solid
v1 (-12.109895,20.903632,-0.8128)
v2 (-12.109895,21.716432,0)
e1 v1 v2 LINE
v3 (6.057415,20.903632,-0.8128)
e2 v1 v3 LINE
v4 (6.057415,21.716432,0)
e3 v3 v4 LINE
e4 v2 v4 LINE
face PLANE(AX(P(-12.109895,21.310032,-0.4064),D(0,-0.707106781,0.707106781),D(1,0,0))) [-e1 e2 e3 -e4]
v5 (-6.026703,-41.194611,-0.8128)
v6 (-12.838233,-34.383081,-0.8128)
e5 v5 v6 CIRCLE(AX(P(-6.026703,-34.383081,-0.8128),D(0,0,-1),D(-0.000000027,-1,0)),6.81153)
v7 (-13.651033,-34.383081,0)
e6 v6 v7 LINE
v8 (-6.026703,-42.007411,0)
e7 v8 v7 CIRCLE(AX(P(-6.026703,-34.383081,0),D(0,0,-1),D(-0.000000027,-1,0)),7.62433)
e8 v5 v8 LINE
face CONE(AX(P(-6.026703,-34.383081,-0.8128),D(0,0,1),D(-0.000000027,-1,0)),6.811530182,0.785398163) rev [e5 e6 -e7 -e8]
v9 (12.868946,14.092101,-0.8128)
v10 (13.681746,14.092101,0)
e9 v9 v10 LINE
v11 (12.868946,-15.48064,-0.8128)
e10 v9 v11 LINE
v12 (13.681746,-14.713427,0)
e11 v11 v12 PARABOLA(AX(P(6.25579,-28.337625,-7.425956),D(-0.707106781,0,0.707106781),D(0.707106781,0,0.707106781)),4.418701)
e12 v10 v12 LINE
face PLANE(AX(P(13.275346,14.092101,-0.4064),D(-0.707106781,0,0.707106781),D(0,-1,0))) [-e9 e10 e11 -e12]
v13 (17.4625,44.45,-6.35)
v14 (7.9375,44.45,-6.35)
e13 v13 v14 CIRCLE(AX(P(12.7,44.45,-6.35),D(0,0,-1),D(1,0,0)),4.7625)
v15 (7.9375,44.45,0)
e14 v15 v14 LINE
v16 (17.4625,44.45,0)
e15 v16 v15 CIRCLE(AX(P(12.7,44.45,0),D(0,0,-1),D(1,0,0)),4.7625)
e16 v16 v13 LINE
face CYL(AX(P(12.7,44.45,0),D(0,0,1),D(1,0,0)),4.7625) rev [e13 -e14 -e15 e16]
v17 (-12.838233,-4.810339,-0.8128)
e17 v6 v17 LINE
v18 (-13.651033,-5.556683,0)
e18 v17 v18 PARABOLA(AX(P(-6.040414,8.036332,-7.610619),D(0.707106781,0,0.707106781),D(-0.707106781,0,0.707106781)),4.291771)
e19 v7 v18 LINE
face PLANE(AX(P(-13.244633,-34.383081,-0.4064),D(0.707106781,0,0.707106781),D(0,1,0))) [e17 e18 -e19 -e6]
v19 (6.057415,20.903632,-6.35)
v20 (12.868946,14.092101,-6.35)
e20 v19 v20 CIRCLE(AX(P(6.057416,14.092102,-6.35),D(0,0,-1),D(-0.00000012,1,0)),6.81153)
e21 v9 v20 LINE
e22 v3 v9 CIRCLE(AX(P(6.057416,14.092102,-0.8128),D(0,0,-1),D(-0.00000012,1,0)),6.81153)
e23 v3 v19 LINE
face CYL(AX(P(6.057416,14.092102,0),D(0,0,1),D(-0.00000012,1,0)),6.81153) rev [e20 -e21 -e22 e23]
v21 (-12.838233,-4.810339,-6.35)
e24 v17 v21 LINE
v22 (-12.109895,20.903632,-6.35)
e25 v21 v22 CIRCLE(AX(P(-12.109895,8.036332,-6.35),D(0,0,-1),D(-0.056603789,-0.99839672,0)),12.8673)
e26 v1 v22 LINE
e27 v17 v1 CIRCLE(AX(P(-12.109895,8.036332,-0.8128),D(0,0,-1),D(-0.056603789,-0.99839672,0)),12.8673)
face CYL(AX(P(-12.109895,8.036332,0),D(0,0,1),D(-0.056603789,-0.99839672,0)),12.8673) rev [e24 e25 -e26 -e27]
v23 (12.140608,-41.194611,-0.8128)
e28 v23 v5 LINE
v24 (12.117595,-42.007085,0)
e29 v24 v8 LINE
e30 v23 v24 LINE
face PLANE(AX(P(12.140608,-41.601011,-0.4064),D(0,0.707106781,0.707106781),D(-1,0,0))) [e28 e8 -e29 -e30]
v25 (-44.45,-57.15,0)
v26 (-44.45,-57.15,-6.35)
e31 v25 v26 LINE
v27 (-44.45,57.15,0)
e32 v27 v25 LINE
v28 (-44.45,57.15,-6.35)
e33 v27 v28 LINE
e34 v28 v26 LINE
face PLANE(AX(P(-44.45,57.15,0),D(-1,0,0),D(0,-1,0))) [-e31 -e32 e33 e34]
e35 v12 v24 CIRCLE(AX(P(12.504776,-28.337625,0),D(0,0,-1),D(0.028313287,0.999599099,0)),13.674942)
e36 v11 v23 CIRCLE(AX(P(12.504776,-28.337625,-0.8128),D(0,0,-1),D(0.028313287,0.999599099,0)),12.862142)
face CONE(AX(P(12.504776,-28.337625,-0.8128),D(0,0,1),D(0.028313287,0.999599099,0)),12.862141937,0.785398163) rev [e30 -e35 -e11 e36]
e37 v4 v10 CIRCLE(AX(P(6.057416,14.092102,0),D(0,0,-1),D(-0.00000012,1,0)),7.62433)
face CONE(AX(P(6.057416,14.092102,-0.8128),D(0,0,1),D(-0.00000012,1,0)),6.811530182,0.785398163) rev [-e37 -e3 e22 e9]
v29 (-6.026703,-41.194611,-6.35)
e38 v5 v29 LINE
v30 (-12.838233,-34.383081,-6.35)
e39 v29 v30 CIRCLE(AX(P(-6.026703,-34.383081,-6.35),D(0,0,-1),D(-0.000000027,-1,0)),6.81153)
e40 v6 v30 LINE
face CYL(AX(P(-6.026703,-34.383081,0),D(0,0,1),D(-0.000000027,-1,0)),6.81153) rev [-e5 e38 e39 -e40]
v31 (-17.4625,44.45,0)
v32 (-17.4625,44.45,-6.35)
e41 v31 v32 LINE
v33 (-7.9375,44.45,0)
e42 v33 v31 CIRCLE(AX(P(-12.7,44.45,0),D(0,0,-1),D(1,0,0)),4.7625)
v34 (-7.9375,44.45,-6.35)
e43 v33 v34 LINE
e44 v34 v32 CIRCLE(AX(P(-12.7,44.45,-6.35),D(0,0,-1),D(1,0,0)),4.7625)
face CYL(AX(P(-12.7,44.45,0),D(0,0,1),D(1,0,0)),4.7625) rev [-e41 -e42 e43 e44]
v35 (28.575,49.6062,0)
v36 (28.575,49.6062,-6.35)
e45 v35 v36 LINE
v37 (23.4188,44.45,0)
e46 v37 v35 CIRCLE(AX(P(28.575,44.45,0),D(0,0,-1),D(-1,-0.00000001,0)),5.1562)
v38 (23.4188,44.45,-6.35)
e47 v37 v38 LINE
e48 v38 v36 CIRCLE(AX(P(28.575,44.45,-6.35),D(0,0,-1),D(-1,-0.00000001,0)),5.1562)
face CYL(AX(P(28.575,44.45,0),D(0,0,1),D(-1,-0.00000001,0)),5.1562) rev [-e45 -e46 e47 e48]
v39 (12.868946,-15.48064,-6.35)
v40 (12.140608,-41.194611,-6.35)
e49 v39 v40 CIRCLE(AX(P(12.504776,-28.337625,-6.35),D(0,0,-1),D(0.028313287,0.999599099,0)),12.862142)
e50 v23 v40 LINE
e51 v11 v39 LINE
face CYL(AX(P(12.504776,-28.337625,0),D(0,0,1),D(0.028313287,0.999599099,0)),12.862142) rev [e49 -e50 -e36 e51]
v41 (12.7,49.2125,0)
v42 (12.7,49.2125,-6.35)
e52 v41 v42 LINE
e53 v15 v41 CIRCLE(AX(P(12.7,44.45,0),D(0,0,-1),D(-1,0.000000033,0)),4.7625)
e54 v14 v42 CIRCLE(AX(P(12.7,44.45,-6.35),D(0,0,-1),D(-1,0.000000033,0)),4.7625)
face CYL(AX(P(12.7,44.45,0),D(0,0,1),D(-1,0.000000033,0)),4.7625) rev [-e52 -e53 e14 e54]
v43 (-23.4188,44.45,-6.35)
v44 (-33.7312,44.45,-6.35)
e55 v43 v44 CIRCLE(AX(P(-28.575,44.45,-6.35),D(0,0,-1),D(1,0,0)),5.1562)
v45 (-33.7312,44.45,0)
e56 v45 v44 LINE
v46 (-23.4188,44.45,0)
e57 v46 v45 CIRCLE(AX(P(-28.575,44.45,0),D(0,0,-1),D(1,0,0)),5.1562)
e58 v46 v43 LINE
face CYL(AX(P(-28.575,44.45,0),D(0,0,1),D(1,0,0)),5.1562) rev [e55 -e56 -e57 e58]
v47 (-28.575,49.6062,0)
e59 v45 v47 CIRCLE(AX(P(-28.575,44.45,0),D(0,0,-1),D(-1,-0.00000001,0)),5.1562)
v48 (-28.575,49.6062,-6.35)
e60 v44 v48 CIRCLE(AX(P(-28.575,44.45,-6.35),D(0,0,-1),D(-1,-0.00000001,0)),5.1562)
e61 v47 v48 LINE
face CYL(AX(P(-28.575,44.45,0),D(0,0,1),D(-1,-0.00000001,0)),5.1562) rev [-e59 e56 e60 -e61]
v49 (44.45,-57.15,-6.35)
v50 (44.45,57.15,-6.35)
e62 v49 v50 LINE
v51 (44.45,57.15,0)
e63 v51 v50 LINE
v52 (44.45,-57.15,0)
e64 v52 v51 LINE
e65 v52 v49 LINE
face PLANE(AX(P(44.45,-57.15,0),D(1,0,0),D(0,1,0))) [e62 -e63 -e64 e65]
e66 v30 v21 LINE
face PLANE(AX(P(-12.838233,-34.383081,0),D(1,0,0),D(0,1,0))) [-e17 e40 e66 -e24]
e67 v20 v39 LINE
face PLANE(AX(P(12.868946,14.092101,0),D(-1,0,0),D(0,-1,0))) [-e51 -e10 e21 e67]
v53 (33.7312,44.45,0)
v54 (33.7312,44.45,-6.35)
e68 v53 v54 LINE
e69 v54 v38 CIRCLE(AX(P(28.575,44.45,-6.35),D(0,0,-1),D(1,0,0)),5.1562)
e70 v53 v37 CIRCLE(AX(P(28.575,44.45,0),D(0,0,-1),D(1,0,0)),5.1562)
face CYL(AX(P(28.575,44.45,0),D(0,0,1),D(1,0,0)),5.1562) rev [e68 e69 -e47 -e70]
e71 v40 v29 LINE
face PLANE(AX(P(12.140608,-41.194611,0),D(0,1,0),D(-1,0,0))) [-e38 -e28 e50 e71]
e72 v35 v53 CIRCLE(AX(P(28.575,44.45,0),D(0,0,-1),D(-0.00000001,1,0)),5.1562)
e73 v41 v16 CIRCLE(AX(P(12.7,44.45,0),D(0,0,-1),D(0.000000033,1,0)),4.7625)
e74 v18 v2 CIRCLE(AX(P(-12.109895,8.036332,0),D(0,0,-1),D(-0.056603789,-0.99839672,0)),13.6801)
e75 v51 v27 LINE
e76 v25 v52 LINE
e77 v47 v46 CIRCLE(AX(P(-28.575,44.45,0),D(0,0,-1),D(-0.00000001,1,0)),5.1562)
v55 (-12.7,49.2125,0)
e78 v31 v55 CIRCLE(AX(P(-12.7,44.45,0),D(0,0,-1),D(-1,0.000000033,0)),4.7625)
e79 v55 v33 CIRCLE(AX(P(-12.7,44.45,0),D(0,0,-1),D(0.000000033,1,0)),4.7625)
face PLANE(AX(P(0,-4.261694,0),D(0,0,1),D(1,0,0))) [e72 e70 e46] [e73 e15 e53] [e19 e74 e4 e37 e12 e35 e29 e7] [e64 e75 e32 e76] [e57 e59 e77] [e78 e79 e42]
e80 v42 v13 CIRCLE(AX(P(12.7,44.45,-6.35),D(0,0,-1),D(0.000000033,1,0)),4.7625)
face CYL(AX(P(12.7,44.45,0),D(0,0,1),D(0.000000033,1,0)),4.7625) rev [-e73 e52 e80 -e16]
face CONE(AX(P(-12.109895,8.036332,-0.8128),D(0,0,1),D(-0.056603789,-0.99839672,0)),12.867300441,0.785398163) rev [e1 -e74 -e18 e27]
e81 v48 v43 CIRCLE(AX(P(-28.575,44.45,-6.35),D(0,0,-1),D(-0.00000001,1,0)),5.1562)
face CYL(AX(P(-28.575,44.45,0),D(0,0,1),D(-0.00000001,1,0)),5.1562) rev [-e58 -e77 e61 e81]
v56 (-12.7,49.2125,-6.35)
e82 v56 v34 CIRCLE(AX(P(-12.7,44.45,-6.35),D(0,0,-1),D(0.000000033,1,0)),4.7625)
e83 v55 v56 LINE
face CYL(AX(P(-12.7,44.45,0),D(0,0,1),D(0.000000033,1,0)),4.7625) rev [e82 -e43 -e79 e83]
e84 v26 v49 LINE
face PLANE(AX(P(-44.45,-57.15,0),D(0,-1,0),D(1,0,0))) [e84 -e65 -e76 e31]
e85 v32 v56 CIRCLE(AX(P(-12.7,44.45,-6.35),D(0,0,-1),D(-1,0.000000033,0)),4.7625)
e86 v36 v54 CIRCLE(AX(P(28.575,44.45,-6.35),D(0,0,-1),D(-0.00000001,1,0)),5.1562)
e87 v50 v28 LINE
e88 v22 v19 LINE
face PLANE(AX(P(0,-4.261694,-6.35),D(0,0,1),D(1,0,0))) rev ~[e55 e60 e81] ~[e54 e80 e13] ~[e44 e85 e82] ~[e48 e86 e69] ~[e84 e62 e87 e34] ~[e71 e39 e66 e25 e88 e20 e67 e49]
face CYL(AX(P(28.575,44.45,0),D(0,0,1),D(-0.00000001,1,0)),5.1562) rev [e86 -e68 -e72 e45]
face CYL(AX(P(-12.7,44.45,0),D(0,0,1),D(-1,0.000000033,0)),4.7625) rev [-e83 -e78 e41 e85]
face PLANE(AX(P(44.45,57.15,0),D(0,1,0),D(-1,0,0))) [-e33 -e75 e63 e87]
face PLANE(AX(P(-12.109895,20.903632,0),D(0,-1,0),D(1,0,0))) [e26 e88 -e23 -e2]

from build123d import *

# Parameters (mm, degrees)
F1_DEPTH = 6.35
F2_SIZE  = 0.8128


with BuildPart() as f1:
    # F0 (on Top) → F1 (new body)
    with BuildSketch(Plane.XY):
        with BuildLine():
            Line((-44.45, -57.15), (44.45, -57.15))
            Line((44.45, -57.15), (44.45, 44.45))
            Line((44.45, 44.45), (33.7312, 44.45))
            ThreePointArc((33.7312, 44.45), (28.575, 39.2938), (23.4188, 44.45))
            Line((23.4188, 44.45), (17.4625, 44.45))
            ThreePointArc((17.4625, 44.45), (12.7, 39.6875), (7.9375, 44.45))
            Line((7.9375, 44.45), (-7.9375, 44.45))
            ThreePointArc((-7.9375, 44.45), (-12.7, 39.6875), (-17.4625, 44.45))
            Line((-17.4625, 44.45), (-23.4188, 44.45))
            ThreePointArc((-23.4188, 44.45), (-28.575, 39.2938), (-33.7312, 44.45))
            Line((-33.7312, 44.45), (-44.45, 44.45))
            Line((-44.45, 44.45), (-44.45, -57.15))
        make_face()
        with BuildLine():
            Line((-12.109895, 20.903632), (6.057415, 20.903632))
            ThreePointArc((6.057415, 20.903632), (10.873895, 18.908581), (12.868946, 14.092101))
            Line((12.868946, 14.092101), (12.868946, -15.48064))
            ThreePointArc((12.868946, -15.48064), (25.361762, -28.701794), (12.140608, -41.194611))
            Line((12.140608, -41.194611), (-6.026703, -41.194611))
            ThreePointArc((-6.026703, -41.194611), (-10.843182, -39.19956), (-12.838233, -34.383081))
            Line((-12.838233, -34.383081), (-12.838233, -4.810339))
            ThreePointArc((-12.838233, -4.810339), (-24.972037, 8.400646), (-12.109895, 20.903632))
        make_face(mode=Mode.SUBTRACT)
        with BuildLine():
            Line((33.7312, 44.45), (44.45, 44.45))
            Line((44.45, 44.45), (44.45, 57.15))
            Line((44.45, 57.15), (28.575, 57.15))
            Line((28.575, 57.15), (28.575, 49.6062))
            ThreePointArc((28.575, 49.6062), (32.220984, 48.095984), (33.7312, 44.45))
        make_face()
        with BuildLine():
            Line((-44.45, 57.15), (-44.45, 44.45))
            Line((-44.45, 44.45), (-33.7312, 44.45))
            ThreePointArc((-33.7312, 44.45), (-32.220984, 48.095984), (-28.575, 49.6062))
            Line((-28.575, 49.6062), (-28.575, 57.15))
            Line((-28.575, 57.15), (-44.45, 57.15))
        make_face()
        with BuildLine():
            Line((28.575, 49.6062), (28.575, 57.15))
            Line((28.575, 57.15), (12.7, 57.15))
            Line((12.7, 57.15), (12.7, 49.2125))
            ThreePointArc((12.7, 49.2125), (16.067596, 47.817596), (17.4625, 44.45))
            Line((17.4625, 44.45), (23.4188, 44.45))
            ThreePointArc((23.4188, 44.45), (24.929016, 48.095984), (28.575, 49.6062))
        make_face()
        with BuildLine():
            Line((-12.7, 57.15), (-28.575, 57.15))
            Line((-28.575, 57.15), (-28.575, 49.6062))
            ThreePointArc((-28.575, 49.6062), (-24.929016, 48.095984), (-23.4188, 44.45))
            Line((-23.4188, 44.45), (-17.4625, 44.45))
            ThreePointArc((-17.4625, 44.45), (-16.067596, 47.817596), (-12.7, 49.2125))
            Line((-12.7, 49.2125), (-12.7, 57.15))
        make_face()
        with BuildLine():
            Line((12.7, 49.2125), (12.7, 57.15))
            Line((12.7, 57.15), (-12.7, 57.15))
            Line((-12.7, 57.15), (-12.7, 49.2125))
            ThreePointArc((-12.7, 49.2125), (-9.332404, 47.817596), (-7.9375, 44.45))
            Line((-7.9375, 44.45), (7.9375, 44.45))
            ThreePointArc((7.9375, 44.45), (9.332404, 47.817596), (12.7, 49.2125))
        make_face()
    extrude(amount=-F1_DEPTH)

    # F2
    f2_edges = [f1.edges().sort_by_distance(p)[0] for p in [
        (12.868946, -0.694269, 0),
        (-12.838233, -19.59671, 0),
        (-10.843182, -39.19956, 0),
        (3.056952, -41.194611, 0),
        (25.361762, -28.701794, 0),
    ]]
    chamfer(f2_edges, length=F2_SIZE)


solid = f1.part
